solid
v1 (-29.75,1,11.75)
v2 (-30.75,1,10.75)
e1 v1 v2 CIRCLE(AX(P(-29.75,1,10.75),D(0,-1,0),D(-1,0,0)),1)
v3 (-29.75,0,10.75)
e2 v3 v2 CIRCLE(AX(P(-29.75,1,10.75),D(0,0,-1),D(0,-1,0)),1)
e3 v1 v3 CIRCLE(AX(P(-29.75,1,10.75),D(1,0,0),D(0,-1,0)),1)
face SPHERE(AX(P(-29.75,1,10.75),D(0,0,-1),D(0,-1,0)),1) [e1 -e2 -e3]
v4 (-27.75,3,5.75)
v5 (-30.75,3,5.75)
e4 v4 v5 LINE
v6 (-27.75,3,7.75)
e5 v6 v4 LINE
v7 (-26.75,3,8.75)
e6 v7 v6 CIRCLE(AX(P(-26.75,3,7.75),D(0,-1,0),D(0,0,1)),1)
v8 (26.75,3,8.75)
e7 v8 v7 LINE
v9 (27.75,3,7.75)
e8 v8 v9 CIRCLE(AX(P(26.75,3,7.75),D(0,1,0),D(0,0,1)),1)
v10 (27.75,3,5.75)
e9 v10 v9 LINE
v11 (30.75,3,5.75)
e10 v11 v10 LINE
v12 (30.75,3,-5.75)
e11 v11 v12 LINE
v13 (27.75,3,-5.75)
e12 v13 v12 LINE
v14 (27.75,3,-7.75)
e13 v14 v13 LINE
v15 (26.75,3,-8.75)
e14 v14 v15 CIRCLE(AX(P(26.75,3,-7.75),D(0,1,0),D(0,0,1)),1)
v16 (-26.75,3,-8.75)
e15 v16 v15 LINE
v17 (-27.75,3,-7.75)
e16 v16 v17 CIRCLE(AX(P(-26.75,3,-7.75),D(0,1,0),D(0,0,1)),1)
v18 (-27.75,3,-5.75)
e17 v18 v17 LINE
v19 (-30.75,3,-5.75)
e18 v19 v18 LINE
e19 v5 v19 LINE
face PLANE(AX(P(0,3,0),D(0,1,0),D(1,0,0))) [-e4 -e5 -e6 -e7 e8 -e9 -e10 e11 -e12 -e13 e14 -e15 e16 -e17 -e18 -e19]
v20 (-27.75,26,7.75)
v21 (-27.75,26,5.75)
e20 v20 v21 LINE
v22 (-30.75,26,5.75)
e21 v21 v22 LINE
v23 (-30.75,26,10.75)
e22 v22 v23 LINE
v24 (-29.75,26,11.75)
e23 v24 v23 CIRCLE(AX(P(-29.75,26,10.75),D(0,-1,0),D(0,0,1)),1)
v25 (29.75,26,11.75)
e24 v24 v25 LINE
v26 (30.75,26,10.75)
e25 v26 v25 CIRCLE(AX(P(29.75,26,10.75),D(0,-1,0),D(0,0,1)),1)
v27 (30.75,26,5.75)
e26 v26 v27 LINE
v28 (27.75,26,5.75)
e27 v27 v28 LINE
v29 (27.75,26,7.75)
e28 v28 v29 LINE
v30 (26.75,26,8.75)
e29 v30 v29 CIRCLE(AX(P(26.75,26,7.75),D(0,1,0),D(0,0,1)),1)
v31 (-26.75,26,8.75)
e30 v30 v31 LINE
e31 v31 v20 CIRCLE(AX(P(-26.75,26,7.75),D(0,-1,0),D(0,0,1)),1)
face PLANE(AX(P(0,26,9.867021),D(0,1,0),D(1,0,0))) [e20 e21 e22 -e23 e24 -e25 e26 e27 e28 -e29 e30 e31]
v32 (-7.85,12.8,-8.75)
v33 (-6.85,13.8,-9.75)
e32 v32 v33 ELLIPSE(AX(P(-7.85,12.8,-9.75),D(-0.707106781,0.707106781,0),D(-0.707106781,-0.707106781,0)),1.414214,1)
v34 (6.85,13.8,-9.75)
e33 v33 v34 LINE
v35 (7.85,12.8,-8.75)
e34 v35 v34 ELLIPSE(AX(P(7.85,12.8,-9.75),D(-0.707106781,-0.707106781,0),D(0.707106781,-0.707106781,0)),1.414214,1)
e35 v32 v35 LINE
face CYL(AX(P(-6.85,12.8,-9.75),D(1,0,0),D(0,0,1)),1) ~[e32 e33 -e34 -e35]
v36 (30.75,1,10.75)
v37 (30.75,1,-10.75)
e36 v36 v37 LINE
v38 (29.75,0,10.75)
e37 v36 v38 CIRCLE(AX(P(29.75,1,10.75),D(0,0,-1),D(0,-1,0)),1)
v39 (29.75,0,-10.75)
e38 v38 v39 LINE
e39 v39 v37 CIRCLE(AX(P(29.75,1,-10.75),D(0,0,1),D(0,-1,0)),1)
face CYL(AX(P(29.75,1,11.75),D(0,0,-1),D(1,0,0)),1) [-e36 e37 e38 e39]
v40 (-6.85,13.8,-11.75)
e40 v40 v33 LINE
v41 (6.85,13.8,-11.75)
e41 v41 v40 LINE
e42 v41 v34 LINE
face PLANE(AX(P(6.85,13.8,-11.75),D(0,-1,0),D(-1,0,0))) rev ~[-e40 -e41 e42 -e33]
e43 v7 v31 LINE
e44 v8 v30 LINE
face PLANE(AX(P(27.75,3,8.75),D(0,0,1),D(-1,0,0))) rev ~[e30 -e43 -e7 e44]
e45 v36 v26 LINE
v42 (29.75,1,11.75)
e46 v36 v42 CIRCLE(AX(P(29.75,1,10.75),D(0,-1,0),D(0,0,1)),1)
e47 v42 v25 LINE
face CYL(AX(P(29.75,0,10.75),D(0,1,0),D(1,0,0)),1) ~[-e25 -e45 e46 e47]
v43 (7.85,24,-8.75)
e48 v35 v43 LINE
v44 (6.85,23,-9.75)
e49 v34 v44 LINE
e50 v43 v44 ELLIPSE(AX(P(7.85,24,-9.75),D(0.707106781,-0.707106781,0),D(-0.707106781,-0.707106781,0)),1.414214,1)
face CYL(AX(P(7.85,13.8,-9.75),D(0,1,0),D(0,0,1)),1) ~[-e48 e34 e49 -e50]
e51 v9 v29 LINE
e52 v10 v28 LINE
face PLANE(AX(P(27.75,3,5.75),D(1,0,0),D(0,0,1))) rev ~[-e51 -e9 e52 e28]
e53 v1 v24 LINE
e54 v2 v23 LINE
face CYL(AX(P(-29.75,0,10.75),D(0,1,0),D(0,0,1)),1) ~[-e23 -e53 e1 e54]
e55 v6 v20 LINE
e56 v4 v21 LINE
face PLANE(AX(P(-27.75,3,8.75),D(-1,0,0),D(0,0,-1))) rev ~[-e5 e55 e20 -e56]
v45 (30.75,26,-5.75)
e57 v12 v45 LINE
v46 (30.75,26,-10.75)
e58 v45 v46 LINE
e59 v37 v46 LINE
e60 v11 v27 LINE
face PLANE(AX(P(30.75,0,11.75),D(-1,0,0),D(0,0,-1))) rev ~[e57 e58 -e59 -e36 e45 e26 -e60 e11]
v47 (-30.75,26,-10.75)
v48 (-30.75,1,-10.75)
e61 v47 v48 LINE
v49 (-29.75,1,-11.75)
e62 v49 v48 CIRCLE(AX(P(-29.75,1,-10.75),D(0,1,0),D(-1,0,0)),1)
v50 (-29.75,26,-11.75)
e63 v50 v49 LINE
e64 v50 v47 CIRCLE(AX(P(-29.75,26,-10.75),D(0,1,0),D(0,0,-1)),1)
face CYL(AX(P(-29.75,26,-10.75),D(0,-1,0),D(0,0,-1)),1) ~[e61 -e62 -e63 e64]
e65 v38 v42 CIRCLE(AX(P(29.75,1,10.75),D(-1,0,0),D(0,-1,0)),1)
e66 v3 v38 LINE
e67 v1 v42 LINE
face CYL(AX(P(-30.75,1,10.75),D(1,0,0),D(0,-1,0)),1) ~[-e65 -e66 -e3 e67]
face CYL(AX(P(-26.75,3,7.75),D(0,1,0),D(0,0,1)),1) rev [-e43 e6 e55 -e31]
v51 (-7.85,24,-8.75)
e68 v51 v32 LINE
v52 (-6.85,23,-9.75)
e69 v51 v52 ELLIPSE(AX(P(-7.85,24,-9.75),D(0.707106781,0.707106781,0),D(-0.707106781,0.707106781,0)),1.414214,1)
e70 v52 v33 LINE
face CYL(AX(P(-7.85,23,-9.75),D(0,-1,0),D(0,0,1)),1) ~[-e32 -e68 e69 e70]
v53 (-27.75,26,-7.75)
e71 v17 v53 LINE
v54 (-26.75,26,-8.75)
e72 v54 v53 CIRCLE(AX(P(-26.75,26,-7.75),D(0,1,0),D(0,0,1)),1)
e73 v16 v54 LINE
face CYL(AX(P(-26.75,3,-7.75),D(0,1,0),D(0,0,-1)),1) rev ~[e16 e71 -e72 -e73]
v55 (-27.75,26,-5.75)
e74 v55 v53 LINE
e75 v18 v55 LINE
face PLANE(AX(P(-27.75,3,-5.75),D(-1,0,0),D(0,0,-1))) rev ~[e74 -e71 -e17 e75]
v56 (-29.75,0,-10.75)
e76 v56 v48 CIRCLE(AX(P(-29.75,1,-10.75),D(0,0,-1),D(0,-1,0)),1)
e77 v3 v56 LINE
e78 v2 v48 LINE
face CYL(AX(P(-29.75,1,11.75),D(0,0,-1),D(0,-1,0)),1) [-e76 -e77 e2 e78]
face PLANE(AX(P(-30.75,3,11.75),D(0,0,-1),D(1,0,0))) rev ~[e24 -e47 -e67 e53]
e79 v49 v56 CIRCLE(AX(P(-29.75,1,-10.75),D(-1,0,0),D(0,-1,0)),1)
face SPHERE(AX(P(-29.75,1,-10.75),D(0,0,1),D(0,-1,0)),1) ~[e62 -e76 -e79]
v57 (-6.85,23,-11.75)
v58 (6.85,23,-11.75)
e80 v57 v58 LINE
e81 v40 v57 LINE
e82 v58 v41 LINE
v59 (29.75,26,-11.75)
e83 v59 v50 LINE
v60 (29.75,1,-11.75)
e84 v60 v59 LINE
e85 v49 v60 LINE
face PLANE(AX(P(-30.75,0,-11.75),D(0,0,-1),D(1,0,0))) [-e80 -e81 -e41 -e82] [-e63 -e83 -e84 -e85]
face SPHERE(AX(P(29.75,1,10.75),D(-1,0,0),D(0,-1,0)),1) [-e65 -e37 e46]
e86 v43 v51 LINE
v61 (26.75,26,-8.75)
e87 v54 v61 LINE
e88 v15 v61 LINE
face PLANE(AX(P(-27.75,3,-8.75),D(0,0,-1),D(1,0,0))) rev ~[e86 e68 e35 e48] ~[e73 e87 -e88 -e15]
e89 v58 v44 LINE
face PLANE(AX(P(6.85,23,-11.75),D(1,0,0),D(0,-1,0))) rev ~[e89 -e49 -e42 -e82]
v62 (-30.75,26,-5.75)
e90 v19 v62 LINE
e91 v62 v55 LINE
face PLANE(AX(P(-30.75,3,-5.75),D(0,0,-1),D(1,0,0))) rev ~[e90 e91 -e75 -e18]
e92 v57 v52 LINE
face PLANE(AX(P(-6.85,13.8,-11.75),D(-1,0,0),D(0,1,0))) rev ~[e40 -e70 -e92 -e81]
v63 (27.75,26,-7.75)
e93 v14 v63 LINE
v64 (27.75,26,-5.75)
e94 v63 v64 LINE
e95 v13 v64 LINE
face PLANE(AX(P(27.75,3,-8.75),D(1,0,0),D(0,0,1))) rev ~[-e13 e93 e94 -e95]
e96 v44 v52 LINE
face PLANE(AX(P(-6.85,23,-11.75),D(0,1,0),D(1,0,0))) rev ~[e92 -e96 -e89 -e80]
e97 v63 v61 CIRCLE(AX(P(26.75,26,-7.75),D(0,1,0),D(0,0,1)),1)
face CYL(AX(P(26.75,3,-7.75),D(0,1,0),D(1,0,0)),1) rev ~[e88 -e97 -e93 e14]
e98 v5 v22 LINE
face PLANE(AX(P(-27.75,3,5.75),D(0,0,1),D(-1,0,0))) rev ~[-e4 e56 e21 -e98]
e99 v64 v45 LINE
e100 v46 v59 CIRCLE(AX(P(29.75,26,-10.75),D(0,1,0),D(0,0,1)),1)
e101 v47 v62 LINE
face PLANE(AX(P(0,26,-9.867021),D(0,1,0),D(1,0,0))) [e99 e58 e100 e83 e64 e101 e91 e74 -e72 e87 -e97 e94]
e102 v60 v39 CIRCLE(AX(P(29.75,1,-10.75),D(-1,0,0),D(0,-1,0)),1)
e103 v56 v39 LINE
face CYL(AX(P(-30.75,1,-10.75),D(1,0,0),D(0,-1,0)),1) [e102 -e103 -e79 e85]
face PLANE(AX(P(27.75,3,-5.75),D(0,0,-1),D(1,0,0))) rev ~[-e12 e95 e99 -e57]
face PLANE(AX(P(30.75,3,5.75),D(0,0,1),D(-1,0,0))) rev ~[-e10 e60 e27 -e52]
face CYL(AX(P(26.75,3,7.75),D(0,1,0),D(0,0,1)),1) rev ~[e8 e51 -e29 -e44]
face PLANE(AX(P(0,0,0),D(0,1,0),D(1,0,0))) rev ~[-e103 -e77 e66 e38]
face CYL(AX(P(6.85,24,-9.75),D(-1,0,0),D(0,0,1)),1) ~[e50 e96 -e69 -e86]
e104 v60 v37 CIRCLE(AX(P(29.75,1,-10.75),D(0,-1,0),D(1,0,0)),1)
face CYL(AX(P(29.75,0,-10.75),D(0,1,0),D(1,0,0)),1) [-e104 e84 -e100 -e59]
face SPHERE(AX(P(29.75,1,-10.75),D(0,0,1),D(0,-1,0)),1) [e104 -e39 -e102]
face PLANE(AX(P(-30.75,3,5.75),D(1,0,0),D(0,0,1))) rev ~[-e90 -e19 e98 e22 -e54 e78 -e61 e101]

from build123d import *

# Parameters (mm, degrees)
SKETCH1_W           = 61.5
SKETCH1_H           = 23.5
BOSS_EXTRUDE1_DEPTH = 3
BOSS_EXTRUDE2_DEPTH = 23
FILLET1_R           = 1
CUT_EXTRUDE1_REACH  = 48.624
FILLET2_R           = 1


with BuildPart() as part:
    # Sketch1 → Boss-Extrude1 (new body)
    with BuildSketch(Plane(origin=(0, 0, 0), x_dir=(1, 0, 0), z_dir=(0, 1, 0))):
        Rectangle(SKETCH1_W, SKETCH1_H)
    extrude(amount=BOSS_EXTRUDE1_DEPTH)

    # Sketch2 → Boss-Extrude2 (add)
    with BuildSketch(Plane(origin=(0, 3, 0), x_dir=(1, 0, 0), z_dir=(0, 1, 0))):
        Polygon((-27.75, -5.75), (-30.75, -5.75), (-30.75, -11.75), (30.75, -11.75), (30.75, -5.75), (27.75, -5.75), (27.75, -8.75), (-27.75, -8.75), align=None)
        Polygon((30.75, 5.75), (30.75, 11.75), (-30.75, 11.75), (-30.75, 5.75), (-27.75, 5.75), (-27.75, 8.75), (27.75, 8.75), (27.75, 5.75), align=None)
    extrude(amount=BOSS_EXTRUDE2_DEPTH)

    # Fillet1
    fillet1_edges = [part.edges().sort_by_distance(p)[0] for p in [
        (27.75, 14.5, 8.75),
        (-27.75, 14.5, 8.75),
        (-27.75, 14.5, -8.75),
        (27.75, 14.5, -8.75),
        (-30.75, 0, 0),
        (0, 0, 11.75),
        (30.75, 0, 0),
        (0, 0, -11.75),
        (-30.75, 13, -11.75),
        (-30.75, 13, 11.75),
        (30.75, 13, 11.75),
        (30.75, 13, -11.75),
    ]]
    fillet(fillet1_edges, radius=FILLET1_R)

    # Sketch3 → Cut-Extrude1 (cut, up to next)
    with BuildSketch(Plane(origin=(0, 0, -11.75), x_dir=(-1, 0, 0), z_dir=(0, 0, -1)), mode=Mode.PRIVATE) as cut_extrude1_sk1:
        Polygon((6.85, 13.8), (6.85, 23), (0, 23), (-6.85, 23), (-6.85, 13.8), align=None)
    cut_extrude1_tool1 = extrude(cut_extrude1_sk1.sketch, amount=-CUT_EXTRUDE1_REACH, mode=Mode.PRIVATE) & part.part
    add(cut_extrude1_tool1.solids().sort_by_distance((0, 18.4, -11.75))[0], mode=Mode.SUBTRACT)

    # Fillet2
    fillet2_edges = [part.edges().sort_by_distance(p)[0] for p in [
        (0, 23, -8.75),
        (-6.85, 18.4, -8.75),
        (0, 13.8, -8.75),
        (6.85, 18.4, -8.75),
    ]]
    fillet(fillet2_edges, radius=FILLET2_R)


solid = part.part
